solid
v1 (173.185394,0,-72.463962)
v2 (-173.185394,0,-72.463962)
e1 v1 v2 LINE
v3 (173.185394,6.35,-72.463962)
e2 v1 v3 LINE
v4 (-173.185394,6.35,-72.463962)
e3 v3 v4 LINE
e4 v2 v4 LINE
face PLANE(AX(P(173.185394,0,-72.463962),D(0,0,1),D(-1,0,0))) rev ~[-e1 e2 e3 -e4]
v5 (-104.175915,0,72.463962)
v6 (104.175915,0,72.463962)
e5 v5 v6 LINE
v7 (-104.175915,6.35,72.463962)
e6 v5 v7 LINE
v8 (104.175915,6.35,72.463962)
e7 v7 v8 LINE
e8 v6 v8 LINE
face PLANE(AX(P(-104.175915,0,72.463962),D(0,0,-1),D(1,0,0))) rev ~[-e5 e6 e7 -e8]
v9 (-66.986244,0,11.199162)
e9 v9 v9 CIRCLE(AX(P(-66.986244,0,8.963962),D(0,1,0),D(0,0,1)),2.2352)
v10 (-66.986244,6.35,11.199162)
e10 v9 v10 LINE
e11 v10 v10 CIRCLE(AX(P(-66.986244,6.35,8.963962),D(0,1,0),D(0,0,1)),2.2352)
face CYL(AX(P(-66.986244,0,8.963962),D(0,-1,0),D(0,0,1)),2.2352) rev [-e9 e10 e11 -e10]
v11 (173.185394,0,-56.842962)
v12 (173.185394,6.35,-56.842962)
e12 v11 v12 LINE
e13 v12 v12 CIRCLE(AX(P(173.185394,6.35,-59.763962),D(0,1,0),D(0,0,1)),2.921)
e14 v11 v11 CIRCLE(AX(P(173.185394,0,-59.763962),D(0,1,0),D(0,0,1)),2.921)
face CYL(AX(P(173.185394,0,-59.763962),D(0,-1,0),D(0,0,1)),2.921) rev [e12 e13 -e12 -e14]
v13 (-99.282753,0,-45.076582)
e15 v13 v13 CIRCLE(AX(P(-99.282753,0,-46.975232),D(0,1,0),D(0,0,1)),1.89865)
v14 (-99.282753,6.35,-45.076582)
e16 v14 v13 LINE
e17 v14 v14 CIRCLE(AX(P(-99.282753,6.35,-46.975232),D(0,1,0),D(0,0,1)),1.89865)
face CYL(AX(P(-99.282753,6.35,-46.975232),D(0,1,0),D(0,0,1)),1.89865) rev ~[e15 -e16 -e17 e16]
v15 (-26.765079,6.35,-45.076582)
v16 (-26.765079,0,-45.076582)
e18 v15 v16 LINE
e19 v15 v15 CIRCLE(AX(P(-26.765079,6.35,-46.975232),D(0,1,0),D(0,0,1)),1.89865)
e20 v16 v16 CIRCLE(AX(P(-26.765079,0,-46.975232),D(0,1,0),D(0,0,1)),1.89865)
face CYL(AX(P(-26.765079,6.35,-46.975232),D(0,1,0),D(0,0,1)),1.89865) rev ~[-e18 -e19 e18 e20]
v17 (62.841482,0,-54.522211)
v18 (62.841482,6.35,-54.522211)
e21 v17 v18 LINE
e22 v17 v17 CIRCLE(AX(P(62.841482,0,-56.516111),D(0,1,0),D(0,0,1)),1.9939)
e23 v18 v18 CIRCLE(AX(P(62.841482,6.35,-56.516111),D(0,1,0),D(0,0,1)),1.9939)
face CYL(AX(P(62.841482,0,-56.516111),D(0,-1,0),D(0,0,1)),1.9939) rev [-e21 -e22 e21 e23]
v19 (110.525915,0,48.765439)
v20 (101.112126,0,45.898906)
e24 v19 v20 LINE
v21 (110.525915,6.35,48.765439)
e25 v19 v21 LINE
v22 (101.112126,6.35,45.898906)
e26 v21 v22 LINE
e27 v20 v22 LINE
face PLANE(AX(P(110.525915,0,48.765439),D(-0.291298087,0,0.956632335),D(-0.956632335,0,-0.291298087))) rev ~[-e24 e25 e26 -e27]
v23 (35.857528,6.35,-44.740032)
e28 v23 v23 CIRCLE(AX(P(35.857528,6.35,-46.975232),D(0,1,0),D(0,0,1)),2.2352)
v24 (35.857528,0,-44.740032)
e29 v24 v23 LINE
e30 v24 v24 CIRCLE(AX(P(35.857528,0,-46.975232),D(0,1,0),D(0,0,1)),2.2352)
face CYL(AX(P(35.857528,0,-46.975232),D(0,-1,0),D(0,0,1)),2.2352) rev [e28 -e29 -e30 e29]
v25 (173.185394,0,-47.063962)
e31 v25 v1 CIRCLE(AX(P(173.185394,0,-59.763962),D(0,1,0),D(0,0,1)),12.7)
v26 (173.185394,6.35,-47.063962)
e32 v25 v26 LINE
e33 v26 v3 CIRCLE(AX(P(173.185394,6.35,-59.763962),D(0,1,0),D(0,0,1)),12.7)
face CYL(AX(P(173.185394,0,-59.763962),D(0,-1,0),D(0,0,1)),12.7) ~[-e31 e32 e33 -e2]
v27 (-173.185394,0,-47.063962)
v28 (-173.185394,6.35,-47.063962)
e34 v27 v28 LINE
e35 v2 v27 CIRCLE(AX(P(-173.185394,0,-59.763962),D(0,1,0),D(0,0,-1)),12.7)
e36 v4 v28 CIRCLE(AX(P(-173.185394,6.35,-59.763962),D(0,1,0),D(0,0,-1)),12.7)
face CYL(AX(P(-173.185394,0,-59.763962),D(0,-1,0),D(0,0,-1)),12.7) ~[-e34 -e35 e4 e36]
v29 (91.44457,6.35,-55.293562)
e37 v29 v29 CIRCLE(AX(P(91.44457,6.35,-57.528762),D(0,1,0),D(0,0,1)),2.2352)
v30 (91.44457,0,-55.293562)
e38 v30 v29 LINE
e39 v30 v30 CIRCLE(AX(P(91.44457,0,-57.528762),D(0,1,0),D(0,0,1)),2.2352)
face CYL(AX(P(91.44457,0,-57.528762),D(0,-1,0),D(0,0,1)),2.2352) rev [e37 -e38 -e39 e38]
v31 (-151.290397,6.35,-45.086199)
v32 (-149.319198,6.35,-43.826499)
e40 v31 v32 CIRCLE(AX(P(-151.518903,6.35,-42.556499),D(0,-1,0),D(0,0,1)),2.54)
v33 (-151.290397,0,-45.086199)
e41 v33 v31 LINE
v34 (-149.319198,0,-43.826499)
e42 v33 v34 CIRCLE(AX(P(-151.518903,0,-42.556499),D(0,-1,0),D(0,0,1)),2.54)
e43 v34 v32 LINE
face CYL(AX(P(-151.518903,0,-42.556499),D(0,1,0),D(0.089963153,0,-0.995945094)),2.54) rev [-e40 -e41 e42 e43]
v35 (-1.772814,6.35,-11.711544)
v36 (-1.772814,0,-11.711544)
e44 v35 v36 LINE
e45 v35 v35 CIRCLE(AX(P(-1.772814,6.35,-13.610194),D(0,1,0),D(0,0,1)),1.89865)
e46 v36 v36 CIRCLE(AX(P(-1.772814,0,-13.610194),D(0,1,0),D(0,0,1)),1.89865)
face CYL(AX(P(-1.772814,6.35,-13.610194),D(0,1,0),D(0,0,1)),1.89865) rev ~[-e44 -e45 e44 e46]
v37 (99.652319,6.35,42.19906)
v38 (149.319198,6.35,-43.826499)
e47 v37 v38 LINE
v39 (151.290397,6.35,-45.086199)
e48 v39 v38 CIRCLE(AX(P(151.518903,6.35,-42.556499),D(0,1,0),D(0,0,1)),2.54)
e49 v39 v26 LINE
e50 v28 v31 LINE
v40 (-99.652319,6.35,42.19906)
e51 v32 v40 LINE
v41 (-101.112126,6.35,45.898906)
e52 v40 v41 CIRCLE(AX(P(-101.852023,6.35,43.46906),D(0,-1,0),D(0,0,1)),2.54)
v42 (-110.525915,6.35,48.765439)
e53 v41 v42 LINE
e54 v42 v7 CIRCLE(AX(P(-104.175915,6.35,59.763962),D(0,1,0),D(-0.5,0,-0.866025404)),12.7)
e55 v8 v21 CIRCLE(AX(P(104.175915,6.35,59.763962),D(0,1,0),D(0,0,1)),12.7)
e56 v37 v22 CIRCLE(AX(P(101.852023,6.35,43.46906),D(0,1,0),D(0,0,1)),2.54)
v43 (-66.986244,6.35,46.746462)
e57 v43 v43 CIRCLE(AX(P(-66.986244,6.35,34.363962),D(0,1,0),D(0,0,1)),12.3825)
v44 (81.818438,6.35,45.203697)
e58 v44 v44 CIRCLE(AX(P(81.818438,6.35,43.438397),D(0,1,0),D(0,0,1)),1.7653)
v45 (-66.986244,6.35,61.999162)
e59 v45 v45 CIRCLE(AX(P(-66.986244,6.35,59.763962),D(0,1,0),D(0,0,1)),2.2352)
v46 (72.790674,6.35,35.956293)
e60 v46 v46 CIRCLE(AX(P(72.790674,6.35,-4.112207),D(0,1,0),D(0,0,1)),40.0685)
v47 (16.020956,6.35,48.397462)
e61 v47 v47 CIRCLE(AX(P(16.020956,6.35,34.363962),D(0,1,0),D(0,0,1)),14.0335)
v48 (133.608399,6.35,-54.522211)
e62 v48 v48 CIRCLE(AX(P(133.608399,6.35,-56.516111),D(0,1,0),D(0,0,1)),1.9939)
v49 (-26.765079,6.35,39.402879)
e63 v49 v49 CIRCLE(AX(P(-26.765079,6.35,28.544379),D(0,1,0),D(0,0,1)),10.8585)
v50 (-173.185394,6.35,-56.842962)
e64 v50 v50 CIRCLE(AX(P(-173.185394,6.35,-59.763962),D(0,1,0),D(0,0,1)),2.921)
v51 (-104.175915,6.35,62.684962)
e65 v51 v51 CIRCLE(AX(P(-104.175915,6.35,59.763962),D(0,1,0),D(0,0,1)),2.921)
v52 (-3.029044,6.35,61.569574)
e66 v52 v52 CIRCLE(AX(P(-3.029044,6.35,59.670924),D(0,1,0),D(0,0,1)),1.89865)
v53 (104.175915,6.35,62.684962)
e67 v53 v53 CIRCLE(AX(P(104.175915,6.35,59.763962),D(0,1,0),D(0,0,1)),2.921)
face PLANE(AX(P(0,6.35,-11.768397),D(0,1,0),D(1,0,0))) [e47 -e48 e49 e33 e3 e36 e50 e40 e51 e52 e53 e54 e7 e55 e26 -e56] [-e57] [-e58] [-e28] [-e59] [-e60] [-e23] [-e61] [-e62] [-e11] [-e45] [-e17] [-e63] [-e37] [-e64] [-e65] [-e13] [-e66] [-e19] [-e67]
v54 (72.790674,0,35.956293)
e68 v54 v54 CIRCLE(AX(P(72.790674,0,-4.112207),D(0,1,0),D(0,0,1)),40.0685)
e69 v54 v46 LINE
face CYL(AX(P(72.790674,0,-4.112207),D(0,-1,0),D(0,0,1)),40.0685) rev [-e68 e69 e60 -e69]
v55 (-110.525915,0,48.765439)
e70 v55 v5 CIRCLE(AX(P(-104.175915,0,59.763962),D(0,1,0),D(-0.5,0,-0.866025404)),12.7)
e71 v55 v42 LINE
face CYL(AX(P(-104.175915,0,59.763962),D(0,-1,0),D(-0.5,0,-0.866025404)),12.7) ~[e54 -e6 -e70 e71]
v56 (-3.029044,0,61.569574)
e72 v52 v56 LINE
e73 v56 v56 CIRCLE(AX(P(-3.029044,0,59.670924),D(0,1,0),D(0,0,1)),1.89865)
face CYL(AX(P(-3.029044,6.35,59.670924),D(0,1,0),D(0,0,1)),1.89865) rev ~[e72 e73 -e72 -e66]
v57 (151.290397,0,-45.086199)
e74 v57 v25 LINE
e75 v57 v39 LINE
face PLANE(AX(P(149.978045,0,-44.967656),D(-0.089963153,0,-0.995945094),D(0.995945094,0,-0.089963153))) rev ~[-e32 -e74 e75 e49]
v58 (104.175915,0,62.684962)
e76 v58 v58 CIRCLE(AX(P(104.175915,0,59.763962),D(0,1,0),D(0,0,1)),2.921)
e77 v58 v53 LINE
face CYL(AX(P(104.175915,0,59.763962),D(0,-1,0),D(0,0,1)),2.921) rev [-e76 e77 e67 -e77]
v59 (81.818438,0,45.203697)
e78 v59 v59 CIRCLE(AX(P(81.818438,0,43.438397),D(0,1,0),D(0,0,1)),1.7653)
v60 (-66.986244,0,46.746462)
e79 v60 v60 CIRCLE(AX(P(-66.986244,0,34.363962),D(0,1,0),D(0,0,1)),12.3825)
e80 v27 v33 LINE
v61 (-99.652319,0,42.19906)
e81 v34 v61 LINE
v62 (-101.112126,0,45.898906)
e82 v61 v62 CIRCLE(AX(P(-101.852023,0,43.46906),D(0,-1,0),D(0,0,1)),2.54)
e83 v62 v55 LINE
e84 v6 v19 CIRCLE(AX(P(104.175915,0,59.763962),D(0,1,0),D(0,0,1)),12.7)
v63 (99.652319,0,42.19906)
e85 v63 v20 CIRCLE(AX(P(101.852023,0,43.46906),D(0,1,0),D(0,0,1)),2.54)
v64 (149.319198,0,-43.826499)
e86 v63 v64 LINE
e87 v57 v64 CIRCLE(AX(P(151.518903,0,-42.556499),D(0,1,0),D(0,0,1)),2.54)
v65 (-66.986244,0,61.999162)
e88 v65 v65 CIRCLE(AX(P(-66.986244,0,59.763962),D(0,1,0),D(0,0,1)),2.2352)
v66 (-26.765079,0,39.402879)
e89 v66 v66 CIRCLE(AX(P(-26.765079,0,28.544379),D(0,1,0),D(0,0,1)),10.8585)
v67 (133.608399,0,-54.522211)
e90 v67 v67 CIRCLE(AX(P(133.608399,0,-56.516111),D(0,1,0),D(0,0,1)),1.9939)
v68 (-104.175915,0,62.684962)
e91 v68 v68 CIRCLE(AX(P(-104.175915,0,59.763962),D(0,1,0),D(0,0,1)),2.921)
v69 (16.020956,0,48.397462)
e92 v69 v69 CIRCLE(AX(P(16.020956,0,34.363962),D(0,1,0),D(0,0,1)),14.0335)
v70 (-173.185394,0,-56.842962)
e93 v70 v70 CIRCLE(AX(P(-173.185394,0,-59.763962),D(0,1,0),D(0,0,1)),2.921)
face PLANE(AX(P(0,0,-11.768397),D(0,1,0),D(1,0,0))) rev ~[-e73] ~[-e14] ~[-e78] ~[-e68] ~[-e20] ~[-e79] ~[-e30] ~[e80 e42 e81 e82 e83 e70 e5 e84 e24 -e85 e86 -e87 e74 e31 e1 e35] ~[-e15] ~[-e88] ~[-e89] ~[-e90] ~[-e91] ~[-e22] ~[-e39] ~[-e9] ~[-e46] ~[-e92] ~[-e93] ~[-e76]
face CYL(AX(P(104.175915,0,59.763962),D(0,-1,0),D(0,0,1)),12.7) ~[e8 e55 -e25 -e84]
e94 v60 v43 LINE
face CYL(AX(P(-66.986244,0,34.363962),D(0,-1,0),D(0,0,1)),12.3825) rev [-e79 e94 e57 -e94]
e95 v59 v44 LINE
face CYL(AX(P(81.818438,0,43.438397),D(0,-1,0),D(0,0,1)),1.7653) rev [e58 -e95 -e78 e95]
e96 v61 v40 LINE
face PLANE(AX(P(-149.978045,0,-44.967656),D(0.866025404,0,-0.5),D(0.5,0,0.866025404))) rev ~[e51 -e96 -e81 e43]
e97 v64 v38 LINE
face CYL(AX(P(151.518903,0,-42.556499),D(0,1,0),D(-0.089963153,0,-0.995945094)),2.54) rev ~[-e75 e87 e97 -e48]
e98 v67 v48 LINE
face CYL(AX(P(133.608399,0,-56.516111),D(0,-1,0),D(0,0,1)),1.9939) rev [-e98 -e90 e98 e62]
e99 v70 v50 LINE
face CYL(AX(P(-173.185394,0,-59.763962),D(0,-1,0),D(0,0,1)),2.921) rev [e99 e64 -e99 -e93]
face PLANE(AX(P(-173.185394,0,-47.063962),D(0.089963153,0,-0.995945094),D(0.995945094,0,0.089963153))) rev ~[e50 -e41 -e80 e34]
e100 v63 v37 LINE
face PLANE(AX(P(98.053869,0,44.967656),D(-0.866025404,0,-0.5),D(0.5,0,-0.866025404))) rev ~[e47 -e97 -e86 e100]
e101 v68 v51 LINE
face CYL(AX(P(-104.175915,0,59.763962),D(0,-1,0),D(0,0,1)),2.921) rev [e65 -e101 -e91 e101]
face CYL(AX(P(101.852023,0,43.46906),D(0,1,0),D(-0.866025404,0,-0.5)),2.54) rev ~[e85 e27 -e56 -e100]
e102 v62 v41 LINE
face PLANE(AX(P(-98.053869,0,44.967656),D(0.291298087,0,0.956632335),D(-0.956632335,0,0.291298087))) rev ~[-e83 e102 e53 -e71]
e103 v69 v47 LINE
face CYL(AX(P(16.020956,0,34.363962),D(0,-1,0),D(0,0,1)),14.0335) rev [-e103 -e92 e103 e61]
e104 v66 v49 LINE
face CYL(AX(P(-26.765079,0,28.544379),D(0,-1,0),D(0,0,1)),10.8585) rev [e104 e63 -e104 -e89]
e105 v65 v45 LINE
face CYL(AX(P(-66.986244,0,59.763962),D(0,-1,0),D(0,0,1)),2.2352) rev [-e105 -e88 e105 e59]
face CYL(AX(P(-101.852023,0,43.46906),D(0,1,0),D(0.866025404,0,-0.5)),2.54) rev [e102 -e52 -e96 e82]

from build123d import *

# Parameters (mm, degrees)
SKETCH1_R           = 2.921
SKETCH1_R_2         = 2.2352
SKETCH1_R_3         = 12.3825
SKETCH1_R_4         = 10.8585
SKETCH1_R_5         = 14.0335
SKETCH1_R_6         = 1.7653
SKETCH1_R_7         = 40.0685
SKETCH1_R_8         = 1.9939
BOSS_EXTRUDE1_DEPTH = 6.35
SKETCH2_R           = 1.89865
CUT_EXTRUDE1_DEPTH  = 200.611442467
FILLET1_R           = 2.54


with BuildPart() as part:
    # Sketch1 → Boss-Extrude1 (new body)
    with BuildSketch(Plane(origin=(0, 0, 0), x_dir=(1, 0, 0), z_dir=(0, 1, 0))):
        with BuildLine():
            ThreePointArc((-173.185393891, 72.463962089), (-185.885393891, 59.763962089), (-173.185393891, 47.063962089))
            Line((-173.185393891, 47.063962089), (-149.978045472, 44.967655518))
            Line((-149.978045472, 44.967655518), (-98.053869436, -44.967655518))
            Line((-98.053869436, -44.967655518), (-110.525914692, -48.765439461))
            ThreePointArc((-110.525914692, -48.765439461), (-116.443172686, -63.050963961), (-104.175914692, -72.463962089))
            Line((-104.175914692, -72.463962089), (104.175914692, -72.463962089))
            ThreePointArc((104.175914692, -72.463962089), (116.443172686, -63.050963961), (110.525914692, -48.765439461))
            Line((110.525914692, -48.765439461), (98.053869436, -44.967655518))
            Line((98.053869436, -44.967655518), (149.978045472, 44.967655518))
            Line((149.978045472, 44.967655518), (173.185393891, 47.063962089))
            ThreePointArc((173.185393891, 47.063962089), (185.885393891, 59.763962089), (173.185393891, 72.463962089))
            Line((173.185393891, 72.463962089), (-173.185393891, 72.463962089))
        make_face()
        with Locations(Location((173.185393891, 59.763962089, 0), (0, 0, 270))):
            Circle(SKETCH1_R, mode=Mode.SUBTRACT)
        with Locations(Location((-104.175914692, -59.763962089, 0), (0, 0, 270))):
            Circle(SKETCH1_R, mode=Mode.SUBTRACT)
        with Locations(Location((-66.986243512, -59.763962089, 0), (0, 0, 270))):
            Circle(SKETCH1_R_2, mode=Mode.SUBTRACT)
        with Locations(Location((-66.986243512, -34.363962089, 0), (0, 0, 270))):
            Circle(SKETCH1_R_3, mode=Mode.SUBTRACT)
        with Locations(Location((-26.765079253, -28.544379147, 0), (0, 0, 270))):
            Circle(SKETCH1_R_4, mode=Mode.SUBTRACT)
        with Locations(Location((-66.986243512, -8.963962089, 0), (0, 0, 270))):
            Circle(SKETCH1_R_2, mode=Mode.SUBTRACT)
        with Locations(Location((16.020956488, -34.363962089, 0), (0, 0, 270))):
            Circle(SKETCH1_R_5, mode=Mode.SUBTRACT)
        with Locations(Location((81.81843836, -43.438397329, 0), (0, 0, 270))):
            Circle(SKETCH1_R_6, mode=Mode.SUBTRACT)
        with Locations(Location((-173.185393891, 59.763962089, 0), (0, 0, 270))):
            Circle(SKETCH1_R, mode=Mode.SUBTRACT)
        with Locations(Location((72.790674122, 4.112206637, 0), (0, 0, 270))):
            Circle(SKETCH1_R_7, mode=Mode.SUBTRACT)
        with Locations(Location((35.857528241, 46.975232392, 0), (0, 0, 270))):
            Circle(SKETCH1_R_2, mode=Mode.SUBTRACT)
        with Locations(Location((62.841482041, 56.516110851, 0), (0, 0, 270))):
            Circle(SKETCH1_R_8, mode=Mode.SUBTRACT)
        with Locations(Location((91.444570369, 57.528762089, 0), (0, 0, 270))):
            Circle(SKETCH1_R_2, mode=Mode.SUBTRACT)
        with Locations(Location((133.608398757, 56.516110851, 0), (0, 0, 270))):
            Circle(SKETCH1_R_8, mode=Mode.SUBTRACT)
        with Locations(Location((104.175914692, -59.763962089, 0), (0, 0, 270))):
            Circle(SKETCH1_R, mode=Mode.SUBTRACT)
    extrude(amount=BOSS_EXTRUDE1_DEPTH)

    # Sketch2 → Cut-Extrude1 (cut, through all)
    with BuildSketch(Plane(origin=(0, 6.35, 0), x_dir=(1, 0, 0), z_dir=(0, 1, 0))):
        with Locations(Location((-99.282752504, 46.975232392, 0), (0, 0, 270))):
            Circle(SKETCH2_R)
        with Locations(Location((-26.765079253, 46.975232392, 0), (0, 0, 270))):
            Circle(SKETCH2_R)
        with Locations(Location((-3.029043512, -59.670924273, 0), (0, 0, 270))):
            Circle(SKETCH2_R)
        with Locations(Location((-1.772813917, 13.610193745, 0), (0, 0, 270))):
            Circle(SKETCH2_R)
    extrude(amount=-CUT_EXTRUDE1_DEPTH, mode=Mode.SUBTRACT)

    # Fillet1
    fillet1_edges = [part.edges().sort_by_distance(p)[0] for p in [
        (149.978045472, 3.175, -44.967655518),
        (98.053869436, 3.175, 44.967655518),
        (-98.053869436, 3.175, 44.967655518),
        (-149.978045472, 3.175, -44.967655518),
    ]]
    fillet(fillet1_edges, radius=FILLET1_R)


solid = part.part
